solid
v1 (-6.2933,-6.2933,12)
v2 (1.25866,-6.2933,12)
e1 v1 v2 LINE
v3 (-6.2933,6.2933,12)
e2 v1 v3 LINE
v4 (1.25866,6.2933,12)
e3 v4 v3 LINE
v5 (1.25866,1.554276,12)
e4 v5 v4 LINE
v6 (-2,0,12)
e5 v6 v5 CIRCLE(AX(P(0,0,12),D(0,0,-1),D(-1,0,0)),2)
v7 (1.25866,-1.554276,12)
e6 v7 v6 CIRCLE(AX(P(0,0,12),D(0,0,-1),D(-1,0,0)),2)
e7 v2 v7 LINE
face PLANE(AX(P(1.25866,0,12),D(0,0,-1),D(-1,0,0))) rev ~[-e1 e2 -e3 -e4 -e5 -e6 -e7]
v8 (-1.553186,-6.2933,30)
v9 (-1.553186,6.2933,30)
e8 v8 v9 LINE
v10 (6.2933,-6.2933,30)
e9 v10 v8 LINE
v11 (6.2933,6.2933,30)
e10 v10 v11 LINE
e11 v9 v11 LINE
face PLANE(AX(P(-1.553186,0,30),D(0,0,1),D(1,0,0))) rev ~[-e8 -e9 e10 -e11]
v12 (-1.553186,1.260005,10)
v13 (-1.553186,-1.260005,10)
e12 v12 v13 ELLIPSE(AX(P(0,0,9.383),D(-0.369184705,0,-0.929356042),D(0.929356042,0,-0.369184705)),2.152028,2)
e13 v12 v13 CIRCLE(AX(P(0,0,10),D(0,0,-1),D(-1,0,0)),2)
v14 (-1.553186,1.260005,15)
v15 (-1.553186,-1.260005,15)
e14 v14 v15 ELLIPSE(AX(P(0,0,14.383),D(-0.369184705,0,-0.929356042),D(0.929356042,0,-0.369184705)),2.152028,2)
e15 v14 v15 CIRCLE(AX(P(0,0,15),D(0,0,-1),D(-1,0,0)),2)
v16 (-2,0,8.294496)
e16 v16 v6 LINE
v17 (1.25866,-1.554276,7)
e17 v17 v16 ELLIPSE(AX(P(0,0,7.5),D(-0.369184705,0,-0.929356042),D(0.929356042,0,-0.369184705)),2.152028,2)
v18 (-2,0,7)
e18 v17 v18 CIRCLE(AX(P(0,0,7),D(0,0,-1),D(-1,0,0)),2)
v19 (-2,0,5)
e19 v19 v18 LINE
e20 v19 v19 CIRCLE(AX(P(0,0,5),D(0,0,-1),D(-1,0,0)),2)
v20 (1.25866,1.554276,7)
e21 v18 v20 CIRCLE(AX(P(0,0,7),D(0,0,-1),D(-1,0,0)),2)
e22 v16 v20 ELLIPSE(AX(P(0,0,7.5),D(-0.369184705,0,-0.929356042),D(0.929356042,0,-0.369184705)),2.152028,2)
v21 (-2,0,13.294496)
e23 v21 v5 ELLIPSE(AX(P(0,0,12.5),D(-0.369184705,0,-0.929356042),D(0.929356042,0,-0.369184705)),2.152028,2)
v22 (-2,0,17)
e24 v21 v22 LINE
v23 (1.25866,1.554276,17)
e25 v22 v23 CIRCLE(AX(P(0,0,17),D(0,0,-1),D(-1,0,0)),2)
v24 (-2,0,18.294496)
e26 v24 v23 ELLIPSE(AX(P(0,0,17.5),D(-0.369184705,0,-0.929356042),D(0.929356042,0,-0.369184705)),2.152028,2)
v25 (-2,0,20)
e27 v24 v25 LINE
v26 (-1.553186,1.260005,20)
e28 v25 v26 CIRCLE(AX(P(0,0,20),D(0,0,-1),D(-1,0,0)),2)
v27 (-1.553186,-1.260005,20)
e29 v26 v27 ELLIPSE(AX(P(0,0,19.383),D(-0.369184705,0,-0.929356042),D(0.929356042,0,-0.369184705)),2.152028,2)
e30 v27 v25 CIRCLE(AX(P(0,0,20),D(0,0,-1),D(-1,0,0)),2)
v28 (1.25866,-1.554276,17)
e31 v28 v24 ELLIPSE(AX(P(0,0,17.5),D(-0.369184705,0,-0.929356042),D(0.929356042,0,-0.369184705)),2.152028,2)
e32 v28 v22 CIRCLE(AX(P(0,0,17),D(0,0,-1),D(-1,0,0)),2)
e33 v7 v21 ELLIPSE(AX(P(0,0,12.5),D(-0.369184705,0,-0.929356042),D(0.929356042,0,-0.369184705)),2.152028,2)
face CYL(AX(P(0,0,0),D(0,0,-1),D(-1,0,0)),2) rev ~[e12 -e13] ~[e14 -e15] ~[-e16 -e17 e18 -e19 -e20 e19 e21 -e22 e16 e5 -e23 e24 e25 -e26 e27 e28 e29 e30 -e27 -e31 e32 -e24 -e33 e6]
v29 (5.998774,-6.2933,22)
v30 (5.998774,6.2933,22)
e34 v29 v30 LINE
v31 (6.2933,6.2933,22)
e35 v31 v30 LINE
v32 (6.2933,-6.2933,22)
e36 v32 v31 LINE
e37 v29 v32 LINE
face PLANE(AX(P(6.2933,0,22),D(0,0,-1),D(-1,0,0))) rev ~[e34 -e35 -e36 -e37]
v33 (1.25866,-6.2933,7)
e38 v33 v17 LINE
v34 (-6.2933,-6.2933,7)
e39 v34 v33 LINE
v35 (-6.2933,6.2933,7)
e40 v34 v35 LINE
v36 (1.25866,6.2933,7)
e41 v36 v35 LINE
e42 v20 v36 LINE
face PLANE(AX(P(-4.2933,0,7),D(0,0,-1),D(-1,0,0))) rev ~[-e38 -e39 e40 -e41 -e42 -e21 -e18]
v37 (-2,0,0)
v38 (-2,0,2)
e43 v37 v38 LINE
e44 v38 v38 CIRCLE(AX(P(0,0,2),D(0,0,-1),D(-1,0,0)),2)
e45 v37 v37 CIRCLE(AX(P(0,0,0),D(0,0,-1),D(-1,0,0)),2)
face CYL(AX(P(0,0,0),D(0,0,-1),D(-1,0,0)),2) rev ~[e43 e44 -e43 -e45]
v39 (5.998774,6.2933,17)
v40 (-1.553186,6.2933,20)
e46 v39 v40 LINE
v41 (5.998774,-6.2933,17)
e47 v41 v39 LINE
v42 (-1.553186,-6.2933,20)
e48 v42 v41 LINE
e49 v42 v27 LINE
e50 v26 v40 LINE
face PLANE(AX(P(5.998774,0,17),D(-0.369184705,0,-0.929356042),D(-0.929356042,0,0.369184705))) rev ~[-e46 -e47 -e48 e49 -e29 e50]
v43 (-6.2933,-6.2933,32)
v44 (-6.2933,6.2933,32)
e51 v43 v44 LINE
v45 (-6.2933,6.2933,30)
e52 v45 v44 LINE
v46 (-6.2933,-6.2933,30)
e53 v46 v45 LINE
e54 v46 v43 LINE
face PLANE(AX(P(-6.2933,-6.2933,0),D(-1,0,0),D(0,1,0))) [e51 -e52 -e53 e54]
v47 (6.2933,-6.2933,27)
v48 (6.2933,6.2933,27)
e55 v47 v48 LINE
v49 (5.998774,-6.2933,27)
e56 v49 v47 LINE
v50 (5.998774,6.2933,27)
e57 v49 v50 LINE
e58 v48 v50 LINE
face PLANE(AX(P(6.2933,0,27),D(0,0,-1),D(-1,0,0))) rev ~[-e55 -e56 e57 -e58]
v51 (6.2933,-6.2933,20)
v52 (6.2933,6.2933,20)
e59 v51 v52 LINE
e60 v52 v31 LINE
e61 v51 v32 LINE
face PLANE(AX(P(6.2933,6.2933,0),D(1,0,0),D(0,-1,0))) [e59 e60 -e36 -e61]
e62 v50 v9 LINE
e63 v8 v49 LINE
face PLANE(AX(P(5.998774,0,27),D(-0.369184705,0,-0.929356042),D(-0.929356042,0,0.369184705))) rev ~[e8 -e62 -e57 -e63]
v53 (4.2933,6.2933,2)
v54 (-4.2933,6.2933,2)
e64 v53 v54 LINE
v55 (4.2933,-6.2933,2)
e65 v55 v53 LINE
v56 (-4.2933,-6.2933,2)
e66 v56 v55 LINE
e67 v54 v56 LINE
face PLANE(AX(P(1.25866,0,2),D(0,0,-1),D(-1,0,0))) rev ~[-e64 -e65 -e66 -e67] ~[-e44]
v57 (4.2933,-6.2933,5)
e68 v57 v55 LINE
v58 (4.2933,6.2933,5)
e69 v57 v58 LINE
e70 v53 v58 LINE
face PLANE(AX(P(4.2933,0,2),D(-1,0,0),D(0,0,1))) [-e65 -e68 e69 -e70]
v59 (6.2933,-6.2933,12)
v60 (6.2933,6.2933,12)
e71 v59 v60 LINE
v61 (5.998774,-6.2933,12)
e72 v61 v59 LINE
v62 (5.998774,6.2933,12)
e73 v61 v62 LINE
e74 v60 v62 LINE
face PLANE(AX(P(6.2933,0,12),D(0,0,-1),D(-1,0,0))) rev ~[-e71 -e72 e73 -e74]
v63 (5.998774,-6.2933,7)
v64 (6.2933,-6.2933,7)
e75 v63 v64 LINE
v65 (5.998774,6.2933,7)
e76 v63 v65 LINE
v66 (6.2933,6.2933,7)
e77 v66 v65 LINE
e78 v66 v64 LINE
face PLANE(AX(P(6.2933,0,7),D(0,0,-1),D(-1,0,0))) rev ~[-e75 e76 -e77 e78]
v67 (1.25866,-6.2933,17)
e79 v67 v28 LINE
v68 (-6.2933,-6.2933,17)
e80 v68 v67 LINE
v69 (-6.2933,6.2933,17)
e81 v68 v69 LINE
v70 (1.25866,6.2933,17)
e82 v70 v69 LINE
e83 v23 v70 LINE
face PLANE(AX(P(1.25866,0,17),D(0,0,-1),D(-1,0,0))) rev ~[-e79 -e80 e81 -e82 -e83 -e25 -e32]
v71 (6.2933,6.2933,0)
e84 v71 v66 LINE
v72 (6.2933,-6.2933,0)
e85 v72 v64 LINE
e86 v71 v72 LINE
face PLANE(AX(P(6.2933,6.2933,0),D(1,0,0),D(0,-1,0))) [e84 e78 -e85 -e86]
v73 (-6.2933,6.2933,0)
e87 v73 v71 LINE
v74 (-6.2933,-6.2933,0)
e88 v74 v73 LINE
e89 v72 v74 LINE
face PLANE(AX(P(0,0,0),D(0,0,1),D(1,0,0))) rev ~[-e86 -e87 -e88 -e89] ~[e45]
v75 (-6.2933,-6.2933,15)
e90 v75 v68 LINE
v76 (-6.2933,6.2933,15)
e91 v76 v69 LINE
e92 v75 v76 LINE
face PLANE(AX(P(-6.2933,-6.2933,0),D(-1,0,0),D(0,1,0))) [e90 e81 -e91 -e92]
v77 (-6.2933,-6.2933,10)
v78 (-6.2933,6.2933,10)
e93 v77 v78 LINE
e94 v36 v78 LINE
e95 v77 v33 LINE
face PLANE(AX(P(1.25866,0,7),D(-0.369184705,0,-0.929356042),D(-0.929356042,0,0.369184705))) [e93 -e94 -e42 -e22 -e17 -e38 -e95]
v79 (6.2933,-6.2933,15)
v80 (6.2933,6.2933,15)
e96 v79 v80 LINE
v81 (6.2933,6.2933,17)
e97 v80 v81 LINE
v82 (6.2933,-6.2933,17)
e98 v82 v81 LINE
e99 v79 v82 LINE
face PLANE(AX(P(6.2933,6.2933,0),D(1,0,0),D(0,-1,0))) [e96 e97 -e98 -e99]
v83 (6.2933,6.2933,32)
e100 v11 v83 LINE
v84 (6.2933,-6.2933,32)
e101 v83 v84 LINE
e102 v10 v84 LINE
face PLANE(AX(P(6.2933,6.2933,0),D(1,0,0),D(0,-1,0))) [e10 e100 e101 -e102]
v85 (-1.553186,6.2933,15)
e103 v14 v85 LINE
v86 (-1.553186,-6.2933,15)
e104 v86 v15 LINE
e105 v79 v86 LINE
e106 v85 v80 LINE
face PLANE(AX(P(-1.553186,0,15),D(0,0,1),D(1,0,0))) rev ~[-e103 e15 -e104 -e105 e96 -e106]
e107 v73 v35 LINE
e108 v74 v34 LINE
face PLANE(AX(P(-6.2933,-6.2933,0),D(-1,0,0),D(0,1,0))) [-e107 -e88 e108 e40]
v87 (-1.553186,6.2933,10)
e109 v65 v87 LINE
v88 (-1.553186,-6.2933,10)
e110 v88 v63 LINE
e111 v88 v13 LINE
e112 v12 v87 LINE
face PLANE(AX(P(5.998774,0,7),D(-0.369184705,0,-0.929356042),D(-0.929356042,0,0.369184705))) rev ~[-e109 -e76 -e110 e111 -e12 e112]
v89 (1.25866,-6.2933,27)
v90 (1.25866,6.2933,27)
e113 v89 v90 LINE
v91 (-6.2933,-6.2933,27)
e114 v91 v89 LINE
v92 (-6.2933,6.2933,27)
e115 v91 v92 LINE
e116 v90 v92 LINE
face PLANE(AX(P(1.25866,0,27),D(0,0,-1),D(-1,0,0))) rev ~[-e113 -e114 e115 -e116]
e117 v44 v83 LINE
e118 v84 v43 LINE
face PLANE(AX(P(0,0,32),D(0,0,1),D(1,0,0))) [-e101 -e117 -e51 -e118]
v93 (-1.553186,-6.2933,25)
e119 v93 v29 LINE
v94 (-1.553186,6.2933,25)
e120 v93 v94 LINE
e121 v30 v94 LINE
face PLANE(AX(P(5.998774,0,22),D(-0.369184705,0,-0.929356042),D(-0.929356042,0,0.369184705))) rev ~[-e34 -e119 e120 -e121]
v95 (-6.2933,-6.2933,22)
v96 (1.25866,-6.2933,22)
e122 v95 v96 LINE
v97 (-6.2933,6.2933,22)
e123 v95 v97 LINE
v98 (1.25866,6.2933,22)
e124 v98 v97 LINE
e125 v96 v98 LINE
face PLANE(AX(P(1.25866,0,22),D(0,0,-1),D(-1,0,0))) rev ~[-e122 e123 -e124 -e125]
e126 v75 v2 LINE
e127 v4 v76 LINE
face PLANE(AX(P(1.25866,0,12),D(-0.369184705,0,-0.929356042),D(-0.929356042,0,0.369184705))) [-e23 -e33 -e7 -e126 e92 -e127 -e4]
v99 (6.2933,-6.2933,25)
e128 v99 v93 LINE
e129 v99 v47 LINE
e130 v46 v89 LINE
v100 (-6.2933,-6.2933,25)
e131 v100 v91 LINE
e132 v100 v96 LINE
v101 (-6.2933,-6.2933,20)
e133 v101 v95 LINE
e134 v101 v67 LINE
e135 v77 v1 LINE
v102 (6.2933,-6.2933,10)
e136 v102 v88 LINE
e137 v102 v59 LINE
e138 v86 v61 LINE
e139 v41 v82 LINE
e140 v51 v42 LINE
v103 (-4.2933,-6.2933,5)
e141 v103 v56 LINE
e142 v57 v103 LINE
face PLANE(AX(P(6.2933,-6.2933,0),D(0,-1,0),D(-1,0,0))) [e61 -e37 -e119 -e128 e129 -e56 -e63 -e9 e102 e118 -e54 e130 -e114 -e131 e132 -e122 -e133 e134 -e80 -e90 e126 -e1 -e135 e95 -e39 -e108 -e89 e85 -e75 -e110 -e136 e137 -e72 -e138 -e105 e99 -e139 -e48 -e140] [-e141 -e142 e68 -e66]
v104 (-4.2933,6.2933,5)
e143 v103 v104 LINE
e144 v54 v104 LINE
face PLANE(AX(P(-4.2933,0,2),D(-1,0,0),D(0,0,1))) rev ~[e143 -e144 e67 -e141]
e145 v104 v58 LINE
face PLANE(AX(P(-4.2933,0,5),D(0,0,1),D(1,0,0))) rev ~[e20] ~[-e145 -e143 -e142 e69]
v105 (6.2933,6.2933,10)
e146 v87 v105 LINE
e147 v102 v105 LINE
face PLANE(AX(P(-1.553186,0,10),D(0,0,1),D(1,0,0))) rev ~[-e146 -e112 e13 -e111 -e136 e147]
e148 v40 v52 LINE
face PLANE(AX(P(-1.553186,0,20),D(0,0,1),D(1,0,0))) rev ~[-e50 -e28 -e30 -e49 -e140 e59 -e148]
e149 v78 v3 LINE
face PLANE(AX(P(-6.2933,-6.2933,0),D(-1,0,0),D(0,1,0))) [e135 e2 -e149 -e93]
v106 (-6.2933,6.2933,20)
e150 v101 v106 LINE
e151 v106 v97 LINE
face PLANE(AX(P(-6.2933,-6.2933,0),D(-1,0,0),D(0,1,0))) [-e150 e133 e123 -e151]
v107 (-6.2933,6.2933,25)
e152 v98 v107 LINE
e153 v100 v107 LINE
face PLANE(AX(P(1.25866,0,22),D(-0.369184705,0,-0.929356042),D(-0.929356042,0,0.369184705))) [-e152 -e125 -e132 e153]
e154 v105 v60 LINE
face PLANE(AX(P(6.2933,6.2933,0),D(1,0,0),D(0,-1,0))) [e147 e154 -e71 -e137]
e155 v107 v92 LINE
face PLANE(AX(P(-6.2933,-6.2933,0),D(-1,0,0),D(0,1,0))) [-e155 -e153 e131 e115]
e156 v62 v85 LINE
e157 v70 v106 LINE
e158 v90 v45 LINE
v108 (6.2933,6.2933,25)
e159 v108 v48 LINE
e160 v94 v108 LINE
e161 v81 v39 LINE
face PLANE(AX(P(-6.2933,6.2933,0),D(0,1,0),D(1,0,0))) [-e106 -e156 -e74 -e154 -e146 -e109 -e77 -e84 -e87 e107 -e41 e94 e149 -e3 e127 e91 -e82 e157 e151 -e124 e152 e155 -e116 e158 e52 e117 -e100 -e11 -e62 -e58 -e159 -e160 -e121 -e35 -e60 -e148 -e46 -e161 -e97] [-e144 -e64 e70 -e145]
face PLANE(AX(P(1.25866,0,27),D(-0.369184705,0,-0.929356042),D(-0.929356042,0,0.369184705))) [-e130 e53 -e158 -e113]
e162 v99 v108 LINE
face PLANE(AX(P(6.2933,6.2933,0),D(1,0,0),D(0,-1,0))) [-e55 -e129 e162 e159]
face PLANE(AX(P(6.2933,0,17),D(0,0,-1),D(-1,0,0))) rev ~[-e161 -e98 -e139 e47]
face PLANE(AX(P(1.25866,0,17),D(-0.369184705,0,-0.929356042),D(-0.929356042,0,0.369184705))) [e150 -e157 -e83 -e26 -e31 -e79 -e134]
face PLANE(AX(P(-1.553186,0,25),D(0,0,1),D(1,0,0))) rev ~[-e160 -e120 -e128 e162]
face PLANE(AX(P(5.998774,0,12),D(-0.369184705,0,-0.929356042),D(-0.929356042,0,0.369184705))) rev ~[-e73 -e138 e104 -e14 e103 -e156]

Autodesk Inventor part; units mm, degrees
ref_plane "YZ Plane" through (0, 0, 0) normal (1, 0, 0) x (0, 1, 0)
ref_plane "XZ Plane" through (0, 0, 0) normal (0, 1, 0) x (-1, 0, 0)
ref_plane "XY Plane" through (0, 0, 0) normal (0, 0, 1) x (1, 0, 0)
sketch "Boceto1" plane through (0, 0, 0) normal (0, 0, 1) x (1, 0, 0)
  circle A0 centre (0, 0) radius 8.9
  line L0 (6.2933, -6.2933) -> (-6.2933, -6.2933)
  line L1 (-6.2933, -6.2933) -> (-6.2933, 6.2933)
  line L2 (-6.2933, 6.2933) -> (6.2933, 6.2933)
  line L3 (6.2933, 6.2933) -> (6.2933, -6.2933)
  dimension "d0" = 17.8
  dimension "d1" = 12.5865
  dimension "d2" = 12.5865
extrude "Extrusión1" add sketch "Boceto1" along normal blind 32 contours L3 L0 L1 L2
sketch "Boceto2" plane through (0, 0, 0) normal (0, 1, 0) x (-1, 0, 0)
  line L0 (6.2933, 0) -> (-6.2933, 0)
  line L1 (-6.2933, 0) -> (-6.2933, 2)
  line L2 (-6.2933, 2) -> (6.2933, 2)
  line L3 (6.2933, 2) -> (6.2933, 0)
  line L4 (6.2933, 5) -> (-6.2933, 5)
  line L5 (-6.2933, 5) -> (-6.2933, 7)
  line L6 (-6.2933, 7) -> (6.2933, 7)
  line L7 (6.2933, 7) -> (6.2933, 5)
  line L8 (6.2933, 10) -> (-6.2933, 10)
  line L9 (-6.2933, 10) -> (-6.2933, 12)
  line L10 (-6.2933, 12) -> (6.2933, 12)
  line L11 (6.2933, 12) -> (6.2933, 10)
  line L12 (6.2933, 15) -> (-6.2933, 15)
  line L13 (-6.2933, 15) -> (-6.2933, 17)
  line L14 (-6.2933, 17) -> (6.2933, 17)
  line L15 (6.2933, 17) -> (6.2933, 15)
  line L16 (6.2933, 20) -> (-6.2933, 20)
  line L17 (-6.2933, 20) -> (-6.2933, 22)
  line L18 (-6.2933, 22) -> (6.2933, 22)
  line L19 (6.2933, 22) -> (6.2933, 20)
  line L20 (6.2933, 25) -> (-6.2933, 25)
  line L21 (-6.2933, 25) -> (-6.2933, 27)
  line L22 (-6.2933, 27) -> (6.2933, 27)
  line L23 (6.2933, 27) -> (6.2933, 25)
  line L24 (6.2933, 30) -> (-6.2933, 30)
  line L25 (-6.2933, 30) -> (-6.2933, 32)
  line L26 (-6.2933, 32) -> (6.2933, 32)
  line L27 (6.2933, 32) -> (6.2933, 30)
  line L28 (-6.2933, 0) -> (6.2933, 0) projected
  line L29 (-6.2933, 0) -> (6.2933, 5)
  line L30 (-6.2933, 1.883) -> (6.2933, 6.883)
  line L31 (-6.2933, 6.883) -> (6.2933, 11.883)
  line L32 (-6.2933, 5) -> (6.2933, 10)
  line L33 (-6.2933, 11.883) -> (6.2933, 16.883)
  line L34 (-6.2933, 10) -> (6.2933, 15)
  line L35 (-6.2933, 16.883) -> (6.2933, 21.883)
  line L36 (-6.2933, 15) -> (6.2933, 20)
  line L37 (-6.2933, 21.883) -> (6.2933, 26.883)
  line L38 (-6.2933, 20) -> (6.2933, 25)
  line L39 (-6.2933, 26.883) -> (6.2933, 31.883)
  line L40 (-6.2933, 25) -> (6.2933, 30)
  line L41 (6.2933, 0) -> (4.2933, 0)
  line L42 (4.2933, 0) -> (4.2933, 7)
  line L43 (4.2933, 7) -> (6.2933, 7)
  line L44 (6.2933, 7) -> (6.2933, 0)
  line L45 (-6.2933, 0) -> (-4.2933, 0)
  line L46 (-4.2933, 0) -> (-4.2933, 7)
  line L47 (-4.2933, 7) -> (-6.2933, 7)
  line L48 (-6.2933, 7) -> (-6.2933, 0)
  point P0 (0, 0)
  point P1 (0, 5)
  point P2 (0, 10)
  point P3 (0, 15)
  point P4 (0, 20)
  point P5 (0, 25)
  point P6 (0, 30)
  point P7 (1.5531, 30)
  point P8 (-5.9988, 27)
  point P9 (1.5531, 25)
  point P10 (-5.9988, 22)
  point P11 (1.5531, 20)
  point P12 (-5.9988, 17)
  point P13 (1.5531, 15)
  point P14 (-5.9988, 12)
  point P15 (1.5531, 10)
  point P16 (-5.9988, 7)
  point P17 (1.5531, 5)
  point P18 (-5.9988, 2)
  point P19 (-1.2586, 2)
  point P20 (-1.2587, 7)
  point P21 (-1.2587, 12)
  point P22 (-1.2587, 17)
  point P23 (-1.2586, 22)
  point P24 (-1.2586, 27)
  point P25 (4.2933, 5)
  point P26 (4.2933, 2)
  point P27 (-4.2933, 2)
  point P28 (-4.2933, 5)
  dimension "d5" = 2
  dimension "d8" = 5
  dimension "d13" = 1.75
  dimension "d16" = 5
  dimension "d23" = 2
  dimension "d24" = 2
extrude "Extrusión2" cut sketch "Boceto2" against normal mid plane 30 contours L0 L42 L2 L3 | L0 L46 L29 L2 L42 | L2 L42 L29 L44 | L0 L29 L46 | L29 L42 L4 | L4 L42 L30 L7 | L1 L30 L2 L46 L29 | L46 L2 L29 | L4 L30 L42 | L30 L42 L6 L7 | L1 L2 L30 | L2 L30 L46 | L4 L46 L32 L6 L42 L30 | L48 L4 L46 L30 L2 | L4 L32 L46 | L5 L31 L6 L46 L32 | L46 L6 L32 | L6 L31 L8 L32 | L5 L6 L31 | L8 L31 L11 | L8 L34 L10 L11 L31 | L9 L33 L10 L34 | L9 L10 L33 | L10 L33 L12 L34 | L12 L33 L15 | L12 L36 L14 L15 L33 | L13 L35 L14 L36 | L13 L14 L35 | L14 L35 L16 L36 | L16 L35 L19 | L16 L38 L18 L19 L35 | L17 L37 L18 L38 | L17 L18 L37 | L18 L37 L20 L38 | L20 L37 L23 | L20 L40 L22 L23 L37 | L21 L39 L22 L40 | L21 L22 L39 | L22 L39 L24 L40 | L24 L39 L27 | L24 L25 L26 L27 L39 keep common part
sketch "Boceto3" plane through (0, 0, 0) normal (0, 0, -1) x (-1, 0, 0)
  circle A0 centre (0, 0) radius 2
  dimension "d25" = 4
extrude "Extrusión3" cut sketch "Boceto3" against normal blind 20
properties part number "_3DPrint"
